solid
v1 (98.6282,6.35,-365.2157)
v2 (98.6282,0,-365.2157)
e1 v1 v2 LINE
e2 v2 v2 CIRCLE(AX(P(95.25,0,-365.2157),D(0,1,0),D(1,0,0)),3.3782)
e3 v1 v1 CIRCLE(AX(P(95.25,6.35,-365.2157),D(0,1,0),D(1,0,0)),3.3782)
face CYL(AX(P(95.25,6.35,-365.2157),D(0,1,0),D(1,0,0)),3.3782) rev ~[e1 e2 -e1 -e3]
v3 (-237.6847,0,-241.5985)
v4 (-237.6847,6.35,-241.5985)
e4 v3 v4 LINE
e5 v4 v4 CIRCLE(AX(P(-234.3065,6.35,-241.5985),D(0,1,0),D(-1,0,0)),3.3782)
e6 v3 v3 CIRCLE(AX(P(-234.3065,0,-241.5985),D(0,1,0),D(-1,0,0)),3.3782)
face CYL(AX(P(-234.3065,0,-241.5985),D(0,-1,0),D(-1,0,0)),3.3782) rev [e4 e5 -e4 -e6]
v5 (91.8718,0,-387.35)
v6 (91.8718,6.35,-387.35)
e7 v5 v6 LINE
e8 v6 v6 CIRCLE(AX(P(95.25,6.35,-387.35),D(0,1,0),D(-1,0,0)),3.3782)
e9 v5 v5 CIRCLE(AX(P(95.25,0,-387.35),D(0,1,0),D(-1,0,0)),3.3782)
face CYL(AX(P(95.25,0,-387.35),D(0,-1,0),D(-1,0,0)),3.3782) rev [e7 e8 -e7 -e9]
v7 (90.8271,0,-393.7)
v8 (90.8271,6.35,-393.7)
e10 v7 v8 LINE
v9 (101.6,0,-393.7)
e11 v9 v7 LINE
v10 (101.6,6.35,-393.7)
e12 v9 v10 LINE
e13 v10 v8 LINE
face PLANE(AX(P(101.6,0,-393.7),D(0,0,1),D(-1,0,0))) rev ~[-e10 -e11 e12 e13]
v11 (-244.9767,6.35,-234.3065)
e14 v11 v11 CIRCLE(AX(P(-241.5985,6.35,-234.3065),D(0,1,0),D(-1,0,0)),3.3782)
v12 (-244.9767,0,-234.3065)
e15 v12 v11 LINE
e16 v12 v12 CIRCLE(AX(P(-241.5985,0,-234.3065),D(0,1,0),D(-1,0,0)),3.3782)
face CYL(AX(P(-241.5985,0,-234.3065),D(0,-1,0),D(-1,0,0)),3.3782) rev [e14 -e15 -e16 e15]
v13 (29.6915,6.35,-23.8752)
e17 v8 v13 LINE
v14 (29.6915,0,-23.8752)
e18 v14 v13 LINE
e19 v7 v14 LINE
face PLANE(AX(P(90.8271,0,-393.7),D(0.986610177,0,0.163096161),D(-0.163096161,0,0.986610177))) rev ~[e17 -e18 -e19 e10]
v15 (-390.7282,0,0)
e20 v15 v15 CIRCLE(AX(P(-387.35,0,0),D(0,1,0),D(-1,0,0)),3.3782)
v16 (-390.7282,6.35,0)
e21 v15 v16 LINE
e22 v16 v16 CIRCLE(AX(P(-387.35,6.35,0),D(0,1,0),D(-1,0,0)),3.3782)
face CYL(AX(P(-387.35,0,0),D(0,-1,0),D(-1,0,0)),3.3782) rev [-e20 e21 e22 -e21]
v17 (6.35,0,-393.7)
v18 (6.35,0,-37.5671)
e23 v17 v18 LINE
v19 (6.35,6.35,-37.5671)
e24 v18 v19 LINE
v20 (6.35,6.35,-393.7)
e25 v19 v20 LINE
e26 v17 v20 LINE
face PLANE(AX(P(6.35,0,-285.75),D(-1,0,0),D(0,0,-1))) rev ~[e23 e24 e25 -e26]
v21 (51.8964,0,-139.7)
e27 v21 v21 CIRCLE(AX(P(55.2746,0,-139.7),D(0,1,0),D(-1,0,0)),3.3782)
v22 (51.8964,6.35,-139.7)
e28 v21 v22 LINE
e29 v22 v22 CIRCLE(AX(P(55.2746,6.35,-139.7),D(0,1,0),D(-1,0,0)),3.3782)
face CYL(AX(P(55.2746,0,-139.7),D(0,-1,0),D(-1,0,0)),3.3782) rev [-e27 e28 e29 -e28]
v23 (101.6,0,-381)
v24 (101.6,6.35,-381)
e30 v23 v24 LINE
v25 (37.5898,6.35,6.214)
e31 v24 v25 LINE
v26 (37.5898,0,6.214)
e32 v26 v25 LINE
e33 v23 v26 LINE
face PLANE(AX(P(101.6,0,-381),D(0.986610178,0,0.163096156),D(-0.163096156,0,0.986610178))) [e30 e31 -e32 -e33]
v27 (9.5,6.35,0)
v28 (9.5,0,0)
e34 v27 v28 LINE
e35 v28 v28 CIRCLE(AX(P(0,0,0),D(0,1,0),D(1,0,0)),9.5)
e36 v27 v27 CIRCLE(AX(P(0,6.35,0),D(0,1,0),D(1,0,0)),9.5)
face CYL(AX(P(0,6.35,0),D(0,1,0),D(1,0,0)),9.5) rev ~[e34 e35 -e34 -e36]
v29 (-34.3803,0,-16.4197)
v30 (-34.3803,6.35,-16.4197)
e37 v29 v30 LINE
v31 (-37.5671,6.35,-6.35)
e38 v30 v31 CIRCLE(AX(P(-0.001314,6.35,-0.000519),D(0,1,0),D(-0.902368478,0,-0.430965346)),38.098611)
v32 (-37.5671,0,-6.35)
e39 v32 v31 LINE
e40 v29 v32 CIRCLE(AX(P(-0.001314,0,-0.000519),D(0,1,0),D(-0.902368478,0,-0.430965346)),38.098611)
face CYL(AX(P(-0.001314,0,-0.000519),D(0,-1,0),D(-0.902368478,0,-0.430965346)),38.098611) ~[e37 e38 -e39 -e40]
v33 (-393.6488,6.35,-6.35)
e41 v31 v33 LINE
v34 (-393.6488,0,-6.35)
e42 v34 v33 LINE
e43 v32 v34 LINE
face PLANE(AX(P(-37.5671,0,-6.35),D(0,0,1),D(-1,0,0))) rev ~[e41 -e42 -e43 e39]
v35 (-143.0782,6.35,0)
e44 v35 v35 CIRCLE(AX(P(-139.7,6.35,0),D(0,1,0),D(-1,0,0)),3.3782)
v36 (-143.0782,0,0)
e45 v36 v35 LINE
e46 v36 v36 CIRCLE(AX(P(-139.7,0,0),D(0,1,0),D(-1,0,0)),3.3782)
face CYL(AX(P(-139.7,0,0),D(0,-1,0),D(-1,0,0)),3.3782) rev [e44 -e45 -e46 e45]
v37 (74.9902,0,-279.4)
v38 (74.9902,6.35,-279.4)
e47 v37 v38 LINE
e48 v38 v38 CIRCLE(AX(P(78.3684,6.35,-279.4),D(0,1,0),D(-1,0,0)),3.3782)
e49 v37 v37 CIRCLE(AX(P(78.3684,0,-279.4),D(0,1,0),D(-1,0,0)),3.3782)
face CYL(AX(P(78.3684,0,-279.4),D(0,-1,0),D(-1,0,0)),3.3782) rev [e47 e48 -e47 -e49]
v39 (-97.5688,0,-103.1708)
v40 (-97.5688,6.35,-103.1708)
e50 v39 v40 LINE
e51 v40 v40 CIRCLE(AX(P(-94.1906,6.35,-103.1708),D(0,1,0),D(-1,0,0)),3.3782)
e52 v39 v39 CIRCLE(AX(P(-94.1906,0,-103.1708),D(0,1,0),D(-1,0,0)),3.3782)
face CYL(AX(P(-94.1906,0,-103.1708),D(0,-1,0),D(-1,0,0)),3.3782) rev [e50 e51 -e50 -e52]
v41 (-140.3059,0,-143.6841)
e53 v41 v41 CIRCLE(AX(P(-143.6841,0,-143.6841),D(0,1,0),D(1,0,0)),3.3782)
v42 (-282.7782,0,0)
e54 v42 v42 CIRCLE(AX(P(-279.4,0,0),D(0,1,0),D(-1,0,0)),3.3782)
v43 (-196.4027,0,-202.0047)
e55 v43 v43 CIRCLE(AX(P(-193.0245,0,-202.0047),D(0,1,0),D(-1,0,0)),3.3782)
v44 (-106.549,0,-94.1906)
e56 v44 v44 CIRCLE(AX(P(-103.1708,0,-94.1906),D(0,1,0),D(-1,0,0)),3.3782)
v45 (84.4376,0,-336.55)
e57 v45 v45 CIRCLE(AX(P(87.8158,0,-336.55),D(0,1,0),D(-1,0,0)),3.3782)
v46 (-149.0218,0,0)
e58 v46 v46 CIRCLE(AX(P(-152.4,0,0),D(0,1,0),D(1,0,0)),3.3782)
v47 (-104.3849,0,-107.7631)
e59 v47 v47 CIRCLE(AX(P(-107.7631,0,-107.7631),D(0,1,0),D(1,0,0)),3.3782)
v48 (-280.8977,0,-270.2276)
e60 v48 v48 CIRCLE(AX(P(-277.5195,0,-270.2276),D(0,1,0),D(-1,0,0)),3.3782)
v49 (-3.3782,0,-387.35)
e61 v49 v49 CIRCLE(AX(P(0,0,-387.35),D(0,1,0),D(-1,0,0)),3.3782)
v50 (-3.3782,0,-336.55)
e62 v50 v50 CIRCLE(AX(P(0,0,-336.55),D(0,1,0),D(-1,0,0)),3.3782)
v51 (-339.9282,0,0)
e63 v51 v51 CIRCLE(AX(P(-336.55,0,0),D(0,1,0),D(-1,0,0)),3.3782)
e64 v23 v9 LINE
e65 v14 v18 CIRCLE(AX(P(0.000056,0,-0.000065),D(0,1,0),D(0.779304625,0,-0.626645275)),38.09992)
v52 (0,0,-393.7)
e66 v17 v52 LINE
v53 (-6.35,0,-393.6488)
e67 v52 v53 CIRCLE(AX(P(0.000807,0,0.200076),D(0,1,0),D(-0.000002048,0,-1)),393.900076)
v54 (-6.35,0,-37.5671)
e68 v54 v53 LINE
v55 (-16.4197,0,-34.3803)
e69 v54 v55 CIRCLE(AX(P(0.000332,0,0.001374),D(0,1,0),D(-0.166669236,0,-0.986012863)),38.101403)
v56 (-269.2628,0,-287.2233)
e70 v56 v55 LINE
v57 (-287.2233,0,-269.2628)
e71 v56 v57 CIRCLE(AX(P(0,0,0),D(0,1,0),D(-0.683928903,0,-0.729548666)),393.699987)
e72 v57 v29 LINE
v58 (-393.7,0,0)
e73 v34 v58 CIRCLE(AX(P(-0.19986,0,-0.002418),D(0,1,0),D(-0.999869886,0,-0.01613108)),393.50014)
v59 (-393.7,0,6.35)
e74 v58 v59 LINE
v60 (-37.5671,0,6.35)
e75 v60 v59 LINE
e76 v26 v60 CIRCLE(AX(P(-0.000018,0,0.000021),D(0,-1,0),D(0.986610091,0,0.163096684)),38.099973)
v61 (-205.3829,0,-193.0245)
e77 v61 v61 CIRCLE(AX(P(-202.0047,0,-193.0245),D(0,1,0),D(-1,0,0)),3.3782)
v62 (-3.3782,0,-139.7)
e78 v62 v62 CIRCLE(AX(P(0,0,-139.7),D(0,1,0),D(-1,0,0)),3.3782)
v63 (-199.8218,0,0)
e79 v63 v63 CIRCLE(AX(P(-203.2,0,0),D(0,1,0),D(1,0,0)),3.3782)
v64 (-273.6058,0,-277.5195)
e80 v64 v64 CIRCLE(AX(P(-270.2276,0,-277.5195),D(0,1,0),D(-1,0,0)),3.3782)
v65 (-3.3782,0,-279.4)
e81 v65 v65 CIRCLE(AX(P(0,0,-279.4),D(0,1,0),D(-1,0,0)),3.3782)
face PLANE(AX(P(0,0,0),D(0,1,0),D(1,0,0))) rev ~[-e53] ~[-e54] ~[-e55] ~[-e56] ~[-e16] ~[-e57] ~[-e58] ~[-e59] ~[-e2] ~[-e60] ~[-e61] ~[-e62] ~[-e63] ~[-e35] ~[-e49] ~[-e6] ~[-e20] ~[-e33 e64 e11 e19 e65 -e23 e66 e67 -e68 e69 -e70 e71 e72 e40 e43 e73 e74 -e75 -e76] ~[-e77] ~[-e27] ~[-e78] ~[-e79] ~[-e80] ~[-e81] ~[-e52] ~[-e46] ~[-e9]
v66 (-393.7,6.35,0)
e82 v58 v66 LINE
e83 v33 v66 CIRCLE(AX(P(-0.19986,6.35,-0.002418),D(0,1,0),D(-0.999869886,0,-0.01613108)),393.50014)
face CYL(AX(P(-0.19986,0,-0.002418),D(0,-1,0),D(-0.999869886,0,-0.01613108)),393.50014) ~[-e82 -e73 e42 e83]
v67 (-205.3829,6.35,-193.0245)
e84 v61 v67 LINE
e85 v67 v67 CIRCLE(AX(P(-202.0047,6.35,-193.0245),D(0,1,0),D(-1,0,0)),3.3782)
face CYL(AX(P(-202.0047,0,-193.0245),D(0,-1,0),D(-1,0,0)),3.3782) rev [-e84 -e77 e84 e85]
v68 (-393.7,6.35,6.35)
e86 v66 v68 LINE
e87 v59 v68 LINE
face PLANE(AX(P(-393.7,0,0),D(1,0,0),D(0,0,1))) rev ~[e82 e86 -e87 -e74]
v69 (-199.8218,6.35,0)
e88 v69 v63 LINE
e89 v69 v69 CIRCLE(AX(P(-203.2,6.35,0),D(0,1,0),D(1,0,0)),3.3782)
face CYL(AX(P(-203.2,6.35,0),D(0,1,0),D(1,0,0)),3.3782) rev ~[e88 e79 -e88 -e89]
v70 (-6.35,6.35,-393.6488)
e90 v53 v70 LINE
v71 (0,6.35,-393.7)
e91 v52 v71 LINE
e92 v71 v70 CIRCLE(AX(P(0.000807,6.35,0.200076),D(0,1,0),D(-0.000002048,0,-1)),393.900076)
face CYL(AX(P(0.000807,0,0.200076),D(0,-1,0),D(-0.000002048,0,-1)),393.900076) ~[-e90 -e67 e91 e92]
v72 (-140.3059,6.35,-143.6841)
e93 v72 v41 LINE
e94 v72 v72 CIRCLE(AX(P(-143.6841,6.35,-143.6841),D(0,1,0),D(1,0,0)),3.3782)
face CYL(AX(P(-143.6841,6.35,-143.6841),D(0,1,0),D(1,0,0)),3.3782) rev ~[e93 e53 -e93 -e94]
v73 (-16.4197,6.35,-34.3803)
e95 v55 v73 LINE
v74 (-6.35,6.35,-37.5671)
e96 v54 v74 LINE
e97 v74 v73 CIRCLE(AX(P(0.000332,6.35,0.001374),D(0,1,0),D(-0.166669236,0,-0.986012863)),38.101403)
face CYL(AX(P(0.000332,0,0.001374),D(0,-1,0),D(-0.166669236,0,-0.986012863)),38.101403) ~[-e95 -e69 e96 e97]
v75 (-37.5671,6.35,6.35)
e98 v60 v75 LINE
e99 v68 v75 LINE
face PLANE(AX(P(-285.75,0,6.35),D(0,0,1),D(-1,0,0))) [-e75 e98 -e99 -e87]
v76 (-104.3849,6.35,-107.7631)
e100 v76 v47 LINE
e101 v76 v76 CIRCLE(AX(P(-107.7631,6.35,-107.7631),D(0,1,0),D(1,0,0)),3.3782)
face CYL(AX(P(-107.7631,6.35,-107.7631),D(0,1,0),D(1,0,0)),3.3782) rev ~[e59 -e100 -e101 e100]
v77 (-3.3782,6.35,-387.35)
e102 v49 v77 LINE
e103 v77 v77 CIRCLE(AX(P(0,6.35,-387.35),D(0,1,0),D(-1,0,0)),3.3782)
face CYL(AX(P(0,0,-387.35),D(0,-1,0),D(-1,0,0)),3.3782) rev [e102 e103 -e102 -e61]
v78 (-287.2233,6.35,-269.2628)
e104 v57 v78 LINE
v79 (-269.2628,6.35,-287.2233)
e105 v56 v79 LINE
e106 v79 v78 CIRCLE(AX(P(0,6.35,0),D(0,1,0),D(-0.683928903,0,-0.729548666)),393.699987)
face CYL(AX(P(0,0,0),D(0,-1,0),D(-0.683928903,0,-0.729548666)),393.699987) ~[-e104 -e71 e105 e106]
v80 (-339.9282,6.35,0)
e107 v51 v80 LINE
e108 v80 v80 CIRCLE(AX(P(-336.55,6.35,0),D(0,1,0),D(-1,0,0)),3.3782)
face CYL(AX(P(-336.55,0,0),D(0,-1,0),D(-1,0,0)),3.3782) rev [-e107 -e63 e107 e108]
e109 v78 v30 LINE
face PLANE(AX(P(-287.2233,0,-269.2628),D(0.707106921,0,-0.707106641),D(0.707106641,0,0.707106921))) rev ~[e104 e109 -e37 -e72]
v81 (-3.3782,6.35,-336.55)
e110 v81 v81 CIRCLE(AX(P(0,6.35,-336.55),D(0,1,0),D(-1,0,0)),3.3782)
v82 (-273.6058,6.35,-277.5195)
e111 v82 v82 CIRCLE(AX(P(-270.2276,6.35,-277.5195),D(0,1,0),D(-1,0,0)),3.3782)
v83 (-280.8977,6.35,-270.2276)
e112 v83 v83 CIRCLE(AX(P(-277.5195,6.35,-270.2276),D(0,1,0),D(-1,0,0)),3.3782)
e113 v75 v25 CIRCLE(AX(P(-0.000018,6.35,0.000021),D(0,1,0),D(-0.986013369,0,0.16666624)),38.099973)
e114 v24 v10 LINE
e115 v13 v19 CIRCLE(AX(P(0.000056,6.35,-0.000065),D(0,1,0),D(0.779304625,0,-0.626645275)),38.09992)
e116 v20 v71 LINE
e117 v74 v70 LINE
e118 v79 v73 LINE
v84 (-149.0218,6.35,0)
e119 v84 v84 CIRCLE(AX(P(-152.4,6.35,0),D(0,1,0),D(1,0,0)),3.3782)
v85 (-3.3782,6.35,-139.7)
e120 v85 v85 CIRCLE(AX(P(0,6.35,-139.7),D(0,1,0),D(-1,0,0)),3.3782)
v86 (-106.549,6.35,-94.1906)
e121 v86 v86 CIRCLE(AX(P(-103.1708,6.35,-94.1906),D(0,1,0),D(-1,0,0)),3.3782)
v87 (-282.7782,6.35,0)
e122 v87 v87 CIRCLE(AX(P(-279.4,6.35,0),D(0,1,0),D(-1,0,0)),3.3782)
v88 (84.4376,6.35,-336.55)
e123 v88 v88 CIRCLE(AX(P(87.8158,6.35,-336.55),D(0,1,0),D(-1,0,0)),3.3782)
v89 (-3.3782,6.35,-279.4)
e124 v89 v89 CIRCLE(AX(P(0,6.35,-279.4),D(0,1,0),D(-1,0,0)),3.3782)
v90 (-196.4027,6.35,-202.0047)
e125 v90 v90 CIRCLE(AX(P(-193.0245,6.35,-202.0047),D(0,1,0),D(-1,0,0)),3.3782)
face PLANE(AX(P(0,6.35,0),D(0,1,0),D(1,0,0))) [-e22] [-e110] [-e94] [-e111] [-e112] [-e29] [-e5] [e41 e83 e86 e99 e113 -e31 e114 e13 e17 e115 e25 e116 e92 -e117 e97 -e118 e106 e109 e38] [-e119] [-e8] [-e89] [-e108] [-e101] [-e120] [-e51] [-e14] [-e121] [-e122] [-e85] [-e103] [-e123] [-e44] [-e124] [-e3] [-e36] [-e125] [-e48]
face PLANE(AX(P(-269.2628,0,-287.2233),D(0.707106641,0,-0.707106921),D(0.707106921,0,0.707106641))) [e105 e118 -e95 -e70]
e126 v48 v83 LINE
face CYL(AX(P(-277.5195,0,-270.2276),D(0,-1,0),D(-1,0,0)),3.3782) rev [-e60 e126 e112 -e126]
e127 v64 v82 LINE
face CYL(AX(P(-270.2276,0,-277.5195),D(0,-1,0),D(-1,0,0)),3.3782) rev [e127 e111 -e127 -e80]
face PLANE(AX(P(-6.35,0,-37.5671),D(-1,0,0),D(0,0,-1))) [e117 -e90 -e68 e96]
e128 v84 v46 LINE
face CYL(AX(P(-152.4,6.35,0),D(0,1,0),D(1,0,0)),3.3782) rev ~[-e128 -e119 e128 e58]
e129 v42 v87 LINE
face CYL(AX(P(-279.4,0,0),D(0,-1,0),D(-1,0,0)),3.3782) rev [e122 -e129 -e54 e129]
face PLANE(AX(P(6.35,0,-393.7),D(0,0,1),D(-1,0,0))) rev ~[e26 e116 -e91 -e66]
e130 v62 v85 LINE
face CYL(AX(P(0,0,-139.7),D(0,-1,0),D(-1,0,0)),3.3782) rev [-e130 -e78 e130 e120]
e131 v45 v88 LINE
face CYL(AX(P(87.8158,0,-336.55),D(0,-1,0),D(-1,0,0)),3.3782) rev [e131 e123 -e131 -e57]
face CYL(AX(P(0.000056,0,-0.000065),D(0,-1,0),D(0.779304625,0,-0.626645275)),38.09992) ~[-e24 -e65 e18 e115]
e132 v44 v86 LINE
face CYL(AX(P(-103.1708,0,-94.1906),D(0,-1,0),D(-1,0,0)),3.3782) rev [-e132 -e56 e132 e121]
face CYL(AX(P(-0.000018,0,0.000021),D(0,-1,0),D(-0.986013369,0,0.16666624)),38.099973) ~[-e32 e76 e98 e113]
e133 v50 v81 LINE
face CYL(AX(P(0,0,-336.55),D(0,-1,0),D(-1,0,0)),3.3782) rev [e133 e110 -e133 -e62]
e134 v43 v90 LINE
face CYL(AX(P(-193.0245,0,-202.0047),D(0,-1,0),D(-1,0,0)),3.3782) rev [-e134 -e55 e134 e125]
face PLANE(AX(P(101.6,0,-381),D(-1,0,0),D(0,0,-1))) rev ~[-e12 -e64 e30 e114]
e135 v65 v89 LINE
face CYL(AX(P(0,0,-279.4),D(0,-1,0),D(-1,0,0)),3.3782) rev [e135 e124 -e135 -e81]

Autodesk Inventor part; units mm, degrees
ref_plane "YZ Plane" through (0, 0, 0) normal (1, 0, 0) x (0, 1, 0)
ref_plane "XZ Plane" through (0, 0, 0) normal (0, 1, 0) x (-1, 0, 0)
ref_plane "XY Plane" through (0, 0, 0) normal (0, 0, 1) x (1, 0, 0)
sketch "Sketch1" plane through (0, 0, 0) normal (0, 1, 0) x (-1, 0, 0)
  line L0 (269.2628, -287.2233) -> (16.4197, -34.3803)
  circle A0 centre (270.2276, -277.5195) radius 3.3782
  line L1 (287.2233, -269.2628) -> (34.3803, -16.4197)
  line L2 (6.35, -37.5671) -> (6.35, -393.6488)
  line L3 (-6.35, -37.5671) -> (-6.35, -393.7)
  line L4 (-90.8271, -393.7) -> (-29.6915, -23.8752)
  line L5 (-101.6, -381) -> (-37.5898, 6.214)
  circle A1 centre (0, -387.35) radius 3.3782
  line L6 (37.5671, 6.35) -> (393.7, 6.35)
  line L7 (37.5671, -6.35) -> (393.6488, -6.35)
  circle A2 centre (387.35, 0) radius 3.3782
  circle A3 centre (-95.25, -387.35) radius 3.3782
  circle A4 centre (277.5195, -270.2276) radius 3.3782
  line L8 (-101.6, -381) -> (-101.6, -393.7)
  line L9 (393.7, 0) -> (393.7, 6.35)
  arc A5 (6.35, -37.5671) -> (16.4197, -34.3803) centre (0, 0) ccw
  arc A6 (34.3803, -16.4197) -> (37.5671, -6.35) centre (0, 0) ccw
  line L10 (38.1, 0) -> (38.1, 12.8556) construction
  arc A7 (37.5671, 6.35) -> (-37.5898, 6.214) centre (0, 0) ccw
  circle A8 centre (0, 0) radius 38.1 construction
  arc A9 (-6.214, 37.5898) -> (-37.5898, 6.214) centre (0, 0) ccw
  arc A10 (-29.6915, -23.8752) -> (-6.35, -37.5671) centre (0, 0) ccw
  line L11 (146.05, 0) -> (146.05, 6.35)
  line L12 (133.35, 0) -> (133.35, 6.35)
  line L13 (273.05, 6.35) -> (273.05, 0)
  line L14 (285.75, 6.35) -> (285.75, 0)
  circle A11 centre (103.1708, -94.1906) radius 3.3782
  circle A12 centre (94.1906, -103.1708) radius 3.3782
  arc A13 (393.6488, -6.35) -> (393.7, 0) centre (0, 0) ccw
  circle A14 centre (279.4, 0) radius 3.3782
  circle A15 centre (139.7, 0) radius 3.3782
  arc A16 (0, -393.7) -> (6.35, -393.6488) centre (0, 0) ccw
  arc A17 (269.2628, -287.2233) -> (287.2233, -269.2628) centre (0, 0) ccw
  circle A18 centre (202.0047, -193.0245) radius 3.3782
  circle A19 centre (193.0245, -202.0047) radius 3.3782
  circle A20 centre (0, -279.4) radius 3.3782
  line L15 (-101.6, -393.7) -> (-90.8271, -393.7)
  line L16 (-6.35, -393.7) -> (0, -393.7)
  circle A21 centre (0, -139.7) radius 3.3782
  circle A22 centre (0, 0) radius 14.2875
  circle A23 centre (-55.2746, -139.7) radius 3.3782
  circle A24 centre (-78.3684, -279.4) radius 3.3782
  line L17 (0, -285.75) -> (-6.35, -285.75)
  line L18 (-6.35, -273.05) -> (0, -273.05)
  circle A25 centre (0, -336.55) radius 3.3782
  circle A26 centre (-87.8158, -336.55) radius 3.3782
  circle A27 centre (241.5985, -234.3065) radius 3.3782
  circle A28 centre (234.3065, -241.5985) radius 3.3782
  circle A29 centre (336.55, 0) radius 3.3782
  dimension "d0" = 12.7
  dimension "d1" = 101.6
  dimension "d2" = 12.7
  dimension "d3" = 12.7
  dimension "d4" = 38.1
  dimension "d5" = 38.1
  dimension "d6" = 38.1
  dimension "d7" = 6.35
  dimension "d8" = 6.35
  dimension "d9" = 6.35
  dimension "d10" = 12.7
  dimension "d11" = 12.7
  dimension "d12" = 95.25
  dimension "d14" = 6.7564
  dimension "d15" = 6.7564
  dimension "d16" = 6.7564
  dimension "d17" = 6.35
  dimension "d18" = 6.7564
  dimension "d19" = 6.35
  dimension "d20" = 6.35
  dimension "d21" = 6.7564
  dimension "d22" = 6.7564
  dimension "d23" = 6.7564
  dimension "d25" = 6.35
  dimension "d26" = 6.7564
  dimension "d28" = 28.575
  dimension "d30" = 6.7564
  dimension "d32" = 6.7564
  dimension "d36" = 38.1
  dimension "d37" = 25.4
  dimension "d38" = 6.35
  dimension "d39" = 139.7
  dimension "d40" = 55.2746
  dimension "d41" = 139.7
  dimension "d42" = 6.35
  dimension "d43" = 6.35
  dimension "d44" = 7.3006
  dimension "d45" = 277.5195
  dimension "d46" = 270.2276
  dimension "d47" = 7.2919
  dimension "d48" = 7.2919
  dimension "d49" = 393.7
  dimension "d50" = 393.7
  dimension "d51" = 6.35
  dimension "d52" = 12.7
  dimension "d53" = 6.7564
  dimension "d54" = 6.35
  dimension "d55" = 6.7564
  dimension "d56" = 6.7564
  dimension "d57" = 393.7
  dimension "d58" = 6.35
  dimension "d60" = 6.7564
  dimension "d61" = 6.35
  dimension "d62" = 6.7564
  dimension "d63" = 6.7564
  dimension "d64" = 6.7564
  dimension "d65" = 6.7564
  dimension "d66" = 50.8
  dimension "d67" = 50.8
  dimension "d68" = 50.8
  dimension "d71" = 7.5438
  dimension "d72" = 7.5438
  dimension "d73" = 7.5438
  dimension "d74" = 7.5438
extrude "Extrusion2" add sketch "Sketch1" along normal blind 6.35
sketch "Sketch6" plane through (0, 6.35, 0) normal (0, 1, 0) x (1, 0, 0)
  line L0 (-16.4197, 34.3803) -> (-269.2628, 287.2233) projected
  line L1 (-287.2233, 269.2628) -> (-34.3803, 16.4197) projected
  line L2 (-393.7, -6.35) -> (-37.5671, -6.35) projected
  line L3 (101.6, 381) -> (101.6, 393.7) projected
  arc A0 (0, 393.7) -> (-6.35, 393.6488) centre (0, 0) ccw projected
  line L4 (0, 0) -> (-287.2233, 287.2233) construction
  circle A1 centre (0, 0) radius 14.2875 projected
  line L5 (-37.5671, 6.35) -> (-393.6488, 6.35) projected
  line L6 (6.35, 37.5671) -> (6.35, 393.7) projected
  circle A2 centre (-107.7631, 107.7631) radius 3.3782
  circle A3 centre (-143.6841, 143.6841) radius 3.3782
  line L7 (-146.05, 464.3998) -> (-146.05, -90.5947) construction
  circle A4 centre (-203.2, 0) radius 3.3782
  circle A5 centre (-152.4, 0) radius 3.3782
  line L8 (-146.05, -6.35) -> (-146.05, 6.35)
  line L9 (-209.55, 6.35) -> (-209.55, -6.35)
  line L10 (-139.194, 157.1545) -> (-157.1545, 139.194)
  line L11 (-112.2532, 94.2927) -> (-94.2927, 112.2532)
  line L12 (-209.55, 6.35) -> (-157.1545, 139.194)
  line L13 (-112.2532, 94.2927) -> (-146.05, 6.35)
  line L14 (-183.3522, 72.772) -> (-129.1516, 50.3213)
  dimension "d115" = 6.7564
  dimension "d117" = 6.7564
  dimension "d118" = 247.65
  dimension "d122" = 152.4
  dimension "d123" = 203.2
  dimension "d124" = 6.7564
  dimension "d126" = 152.4
  dimension "d127" = 203.2
  dimension "d129" = 6.35
  dimension "d130" = 6.35
  dimension "d131" = 6.35
  dimension "d132" = 6.35
extrude "Extrusion8" cut sketch "Sketch6" against normal blind 25.4 contours A2 | A3 | A4 | A5
sketch "Sketch8" plane through (0, 6.35, 0) normal (0, 1, 0) x (1, 0, 0)
  circle A0 centre (0, 0) radius 14.2875 projected
  arc A1 (0, 393.7) -> (-6.35, 393.6488) centre (0, 0) ccw projected
  circle A2 centre (0, 0) radius 9.5
  dimension "d135" = 19
extrude "Extrusion9" add sketch "Sketch8" against normal blind 6.35
sketch "Sketch9" plane through (0, 6.35, 0) normal (0, 1, 0) x (1, 0, 0)
  circle A0 centre (95.25, 365.2157) radius 3.3782 projected
extrude "Extrusion10" cut sketch "Sketch9" against normal blind 25.4
equation "\"d71\" = d74"
equation "\"d72\" = d73"
properties part number "Bearing Mount v1" material "Aluminum 6061"
